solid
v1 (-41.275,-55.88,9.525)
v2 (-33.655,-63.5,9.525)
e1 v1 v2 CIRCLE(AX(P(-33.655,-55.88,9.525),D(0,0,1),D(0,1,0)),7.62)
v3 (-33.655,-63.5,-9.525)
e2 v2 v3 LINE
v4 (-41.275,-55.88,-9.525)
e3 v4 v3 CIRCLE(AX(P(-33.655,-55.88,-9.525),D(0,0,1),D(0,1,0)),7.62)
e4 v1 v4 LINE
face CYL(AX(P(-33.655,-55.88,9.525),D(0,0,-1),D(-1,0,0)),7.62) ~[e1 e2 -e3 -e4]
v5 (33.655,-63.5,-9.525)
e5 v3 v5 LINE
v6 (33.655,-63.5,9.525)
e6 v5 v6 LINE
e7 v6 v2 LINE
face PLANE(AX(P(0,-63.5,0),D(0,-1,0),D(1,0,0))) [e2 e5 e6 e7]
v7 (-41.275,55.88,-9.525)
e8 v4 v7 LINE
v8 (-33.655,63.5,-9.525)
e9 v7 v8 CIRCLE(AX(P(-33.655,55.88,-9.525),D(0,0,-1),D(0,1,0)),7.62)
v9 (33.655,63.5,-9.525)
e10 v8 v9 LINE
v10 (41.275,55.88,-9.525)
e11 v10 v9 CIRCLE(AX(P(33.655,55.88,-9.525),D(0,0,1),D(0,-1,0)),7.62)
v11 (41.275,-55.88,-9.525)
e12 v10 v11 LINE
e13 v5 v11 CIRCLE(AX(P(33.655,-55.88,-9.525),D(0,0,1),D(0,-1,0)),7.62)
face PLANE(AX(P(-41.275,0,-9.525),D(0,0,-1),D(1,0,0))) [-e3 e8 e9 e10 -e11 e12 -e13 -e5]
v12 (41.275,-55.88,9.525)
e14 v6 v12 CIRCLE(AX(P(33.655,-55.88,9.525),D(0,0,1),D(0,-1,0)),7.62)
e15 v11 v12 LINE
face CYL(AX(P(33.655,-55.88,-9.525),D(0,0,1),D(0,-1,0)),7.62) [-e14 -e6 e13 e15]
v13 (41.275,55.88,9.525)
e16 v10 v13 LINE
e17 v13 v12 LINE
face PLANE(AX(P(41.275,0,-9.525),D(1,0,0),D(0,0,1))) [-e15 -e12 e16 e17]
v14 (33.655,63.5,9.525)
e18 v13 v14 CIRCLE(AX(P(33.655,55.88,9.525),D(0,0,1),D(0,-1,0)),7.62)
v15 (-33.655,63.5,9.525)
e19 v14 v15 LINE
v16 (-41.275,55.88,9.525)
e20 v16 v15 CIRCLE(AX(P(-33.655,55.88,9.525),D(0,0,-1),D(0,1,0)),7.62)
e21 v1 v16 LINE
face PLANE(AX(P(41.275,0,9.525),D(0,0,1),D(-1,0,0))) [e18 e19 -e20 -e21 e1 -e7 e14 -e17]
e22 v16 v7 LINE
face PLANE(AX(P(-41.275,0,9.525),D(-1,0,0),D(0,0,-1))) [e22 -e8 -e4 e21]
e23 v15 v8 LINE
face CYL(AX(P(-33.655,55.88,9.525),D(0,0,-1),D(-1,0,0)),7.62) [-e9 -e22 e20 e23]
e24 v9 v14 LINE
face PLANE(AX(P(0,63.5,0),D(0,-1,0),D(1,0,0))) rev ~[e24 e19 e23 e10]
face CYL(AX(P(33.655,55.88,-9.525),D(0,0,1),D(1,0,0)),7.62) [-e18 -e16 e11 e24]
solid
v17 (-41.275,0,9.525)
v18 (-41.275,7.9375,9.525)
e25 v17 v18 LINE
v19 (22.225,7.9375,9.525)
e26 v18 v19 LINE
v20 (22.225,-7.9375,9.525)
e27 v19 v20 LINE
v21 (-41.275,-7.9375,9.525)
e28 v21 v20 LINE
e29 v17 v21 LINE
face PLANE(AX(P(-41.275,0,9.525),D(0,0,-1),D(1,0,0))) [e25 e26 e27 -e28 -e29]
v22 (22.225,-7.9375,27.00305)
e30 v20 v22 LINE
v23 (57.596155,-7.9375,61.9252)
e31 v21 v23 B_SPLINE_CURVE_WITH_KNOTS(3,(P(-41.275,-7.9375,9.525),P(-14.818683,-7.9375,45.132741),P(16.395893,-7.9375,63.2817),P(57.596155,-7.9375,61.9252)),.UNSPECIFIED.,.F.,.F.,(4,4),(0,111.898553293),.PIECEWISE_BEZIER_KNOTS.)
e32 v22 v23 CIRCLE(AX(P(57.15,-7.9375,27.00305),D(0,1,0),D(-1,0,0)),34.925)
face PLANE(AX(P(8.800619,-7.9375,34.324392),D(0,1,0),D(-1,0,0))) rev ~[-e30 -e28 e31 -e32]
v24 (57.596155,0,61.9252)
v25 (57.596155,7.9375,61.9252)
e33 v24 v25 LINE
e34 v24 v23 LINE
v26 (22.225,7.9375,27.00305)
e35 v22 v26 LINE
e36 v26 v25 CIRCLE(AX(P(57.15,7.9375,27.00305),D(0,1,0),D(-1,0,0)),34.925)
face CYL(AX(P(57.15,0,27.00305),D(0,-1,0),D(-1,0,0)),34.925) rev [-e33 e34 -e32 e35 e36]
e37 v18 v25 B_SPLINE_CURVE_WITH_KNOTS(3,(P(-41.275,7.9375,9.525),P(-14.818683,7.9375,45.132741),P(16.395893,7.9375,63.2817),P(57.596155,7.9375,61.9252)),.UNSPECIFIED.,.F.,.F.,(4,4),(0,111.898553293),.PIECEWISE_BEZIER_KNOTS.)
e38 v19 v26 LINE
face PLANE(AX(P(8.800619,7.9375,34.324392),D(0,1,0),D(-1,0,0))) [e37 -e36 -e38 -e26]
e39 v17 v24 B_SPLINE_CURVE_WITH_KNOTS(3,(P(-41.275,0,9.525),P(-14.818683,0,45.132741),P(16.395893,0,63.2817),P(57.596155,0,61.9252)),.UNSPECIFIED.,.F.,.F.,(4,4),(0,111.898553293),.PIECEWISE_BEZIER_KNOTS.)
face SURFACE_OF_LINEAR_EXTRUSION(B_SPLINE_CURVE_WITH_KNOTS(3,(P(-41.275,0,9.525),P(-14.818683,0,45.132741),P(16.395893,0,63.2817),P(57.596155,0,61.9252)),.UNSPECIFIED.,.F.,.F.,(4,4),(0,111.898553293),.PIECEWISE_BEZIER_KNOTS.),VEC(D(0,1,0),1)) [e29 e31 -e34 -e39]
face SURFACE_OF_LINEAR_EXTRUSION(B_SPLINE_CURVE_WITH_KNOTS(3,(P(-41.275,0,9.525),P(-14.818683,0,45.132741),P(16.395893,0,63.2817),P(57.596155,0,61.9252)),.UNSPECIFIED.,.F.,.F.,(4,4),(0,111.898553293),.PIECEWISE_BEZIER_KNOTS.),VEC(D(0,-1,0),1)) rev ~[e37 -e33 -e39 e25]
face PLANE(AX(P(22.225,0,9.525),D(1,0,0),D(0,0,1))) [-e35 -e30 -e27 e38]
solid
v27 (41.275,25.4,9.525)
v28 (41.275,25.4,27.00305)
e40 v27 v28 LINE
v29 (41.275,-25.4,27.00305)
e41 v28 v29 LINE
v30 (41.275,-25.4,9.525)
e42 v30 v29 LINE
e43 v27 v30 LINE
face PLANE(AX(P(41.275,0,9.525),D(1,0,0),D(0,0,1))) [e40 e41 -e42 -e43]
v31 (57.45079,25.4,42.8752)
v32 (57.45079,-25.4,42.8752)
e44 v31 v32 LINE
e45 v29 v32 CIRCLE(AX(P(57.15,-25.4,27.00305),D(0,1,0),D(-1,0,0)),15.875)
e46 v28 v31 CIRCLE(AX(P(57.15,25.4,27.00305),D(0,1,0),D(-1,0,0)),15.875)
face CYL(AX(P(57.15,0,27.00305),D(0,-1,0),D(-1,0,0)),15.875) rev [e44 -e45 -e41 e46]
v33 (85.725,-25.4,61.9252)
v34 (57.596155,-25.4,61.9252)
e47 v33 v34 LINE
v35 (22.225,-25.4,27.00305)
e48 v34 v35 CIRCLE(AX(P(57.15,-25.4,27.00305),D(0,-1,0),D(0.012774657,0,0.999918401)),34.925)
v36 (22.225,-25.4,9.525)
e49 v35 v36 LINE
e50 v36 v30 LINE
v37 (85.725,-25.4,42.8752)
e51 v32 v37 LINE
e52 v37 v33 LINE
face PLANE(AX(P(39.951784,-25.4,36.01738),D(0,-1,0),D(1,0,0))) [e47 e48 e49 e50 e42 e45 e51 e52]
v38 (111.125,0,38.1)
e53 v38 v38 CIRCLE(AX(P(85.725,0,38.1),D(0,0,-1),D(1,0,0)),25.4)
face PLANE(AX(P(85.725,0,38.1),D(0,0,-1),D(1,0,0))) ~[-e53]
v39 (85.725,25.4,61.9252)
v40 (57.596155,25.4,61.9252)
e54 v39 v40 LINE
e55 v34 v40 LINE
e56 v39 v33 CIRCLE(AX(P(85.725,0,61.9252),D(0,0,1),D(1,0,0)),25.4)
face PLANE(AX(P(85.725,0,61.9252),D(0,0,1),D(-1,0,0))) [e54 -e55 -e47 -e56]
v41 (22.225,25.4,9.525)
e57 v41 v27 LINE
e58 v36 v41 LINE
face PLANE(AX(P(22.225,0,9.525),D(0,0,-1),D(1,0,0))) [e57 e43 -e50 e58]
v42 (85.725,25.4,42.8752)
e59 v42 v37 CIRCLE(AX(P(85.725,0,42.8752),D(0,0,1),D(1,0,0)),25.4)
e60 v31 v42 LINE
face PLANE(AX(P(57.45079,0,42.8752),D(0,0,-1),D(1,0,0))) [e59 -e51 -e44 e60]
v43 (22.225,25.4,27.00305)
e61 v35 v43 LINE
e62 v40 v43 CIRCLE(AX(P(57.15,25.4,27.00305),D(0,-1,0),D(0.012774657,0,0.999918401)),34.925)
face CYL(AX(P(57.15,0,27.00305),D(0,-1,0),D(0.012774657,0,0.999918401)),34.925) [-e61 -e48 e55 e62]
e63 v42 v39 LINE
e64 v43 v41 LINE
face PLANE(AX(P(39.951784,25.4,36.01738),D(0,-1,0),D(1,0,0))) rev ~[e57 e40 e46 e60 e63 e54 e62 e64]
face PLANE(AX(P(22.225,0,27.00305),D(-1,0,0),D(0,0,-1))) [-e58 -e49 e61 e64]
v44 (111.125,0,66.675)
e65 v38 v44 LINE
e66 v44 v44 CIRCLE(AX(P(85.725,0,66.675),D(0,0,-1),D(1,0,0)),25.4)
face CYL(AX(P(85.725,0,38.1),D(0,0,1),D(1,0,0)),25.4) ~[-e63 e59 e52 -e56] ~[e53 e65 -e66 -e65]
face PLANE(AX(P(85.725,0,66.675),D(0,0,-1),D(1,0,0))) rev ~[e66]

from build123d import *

# Parameters (mm, degrees)
F1_DEPTH = 63.5
F0_W     = 25.4
F0_H     = 19.05
F2_DEPTH = 25.4
F3_DEPTH = 7.9375
F5_R     = 7.62


with BuildPart() as f1:
    # F0 (on Front) → F1 (new body, symmetric)
    with BuildSketch(Plane.XZ):
        Polygon((-41.275, -9.525), (41.275, -9.525), (41.275, 9.525), (22.225, 9.525), (-41.275, 9.525), align=None)
    extrude(amount=F1_DEPTH, both=True)

    # F5
    f5_edges = [f1.edges().sort_by_distance(p)[0] for p in [
        (-41.275, -63.5, 0),
        (41.275, -63.5, 0),
        (41.275, 63.5, 0),
        (-41.275, 63.5, 0),
    ]]
    fillet(f5_edges, radius=F5_R)


with BuildPart() as f2:
    # F0 (on Front) → F2 (new body, symmetric)
    with BuildSketch(Plane.XZ):
        with BuildLine():
            Line((22.225, 9.525), (41.275, 9.525))
            Line((41.275, 9.525), (41.275, 27.0030498541))
            ThreePointArc((41.275, 27.0030498541), (46.031533816, 38.3342163746), (57.4507902004, 42.8752))
            Line((57.4507902004, 42.8752), (60.325, 42.8752))
            Line((60.325, 42.8752), (60.325, 61.9252))
            Line((60.325, 61.9252), (57.5961548882, 61.9252))
            ThreePointArc((57.5961548882, 61.9252), (32.6125422514, 51.8559931855), (22.225, 27.0030498541))
            Line((22.225, 27.0030498541), (22.225, 9.525))
        make_face()
        with Locations((73.025, 52.4002)):
            Rectangle(F0_W, F0_H)
    extrude(amount=F2_DEPTH, both=True)

    # F0 (on Front) → F4 (revolve)
    with BuildSketch(Plane.XZ):
        Polygon((85.725, 66.675), (85.725, 61.9252), (85.725, 42.8752), (85.725, 38.1), (111.125, 38.1), (111.125, 66.675), align=None)
    revolve(axis=Axis((85.725, 0, 52.3875), (0, 0, -1)))


with BuildPart() as f3:
    # F0 (on Front) → F3 (new body, symmetric)
    with BuildSketch(Plane.XZ):
        with BuildLine():
            add(Edge.make_bspline(
                [(-41.275, 9.525), (-14.8186832666, 45.1327413321), (16.3958929479, 63.2817000151), (57.5961548882, 61.9252)],
                knots=[0, 0, 0, 0, 111.8985532926, 111.8985532926, 111.8985532926, 111.8985532926], degree=3))
            Line((-41.275, 9.525), (22.225, 9.525))
            Line((22.225, 9.525), (22.225, 27.0030498541))
            ThreePointArc((22.225, 27.0030498541), (32.6125422514, 51.8559931855), (57.5961548882, 61.9252))
        make_face()
    extrude(amount=F3_DEPTH, both=True)


solid = Compound([f1.part, f2.part, f3.part])
